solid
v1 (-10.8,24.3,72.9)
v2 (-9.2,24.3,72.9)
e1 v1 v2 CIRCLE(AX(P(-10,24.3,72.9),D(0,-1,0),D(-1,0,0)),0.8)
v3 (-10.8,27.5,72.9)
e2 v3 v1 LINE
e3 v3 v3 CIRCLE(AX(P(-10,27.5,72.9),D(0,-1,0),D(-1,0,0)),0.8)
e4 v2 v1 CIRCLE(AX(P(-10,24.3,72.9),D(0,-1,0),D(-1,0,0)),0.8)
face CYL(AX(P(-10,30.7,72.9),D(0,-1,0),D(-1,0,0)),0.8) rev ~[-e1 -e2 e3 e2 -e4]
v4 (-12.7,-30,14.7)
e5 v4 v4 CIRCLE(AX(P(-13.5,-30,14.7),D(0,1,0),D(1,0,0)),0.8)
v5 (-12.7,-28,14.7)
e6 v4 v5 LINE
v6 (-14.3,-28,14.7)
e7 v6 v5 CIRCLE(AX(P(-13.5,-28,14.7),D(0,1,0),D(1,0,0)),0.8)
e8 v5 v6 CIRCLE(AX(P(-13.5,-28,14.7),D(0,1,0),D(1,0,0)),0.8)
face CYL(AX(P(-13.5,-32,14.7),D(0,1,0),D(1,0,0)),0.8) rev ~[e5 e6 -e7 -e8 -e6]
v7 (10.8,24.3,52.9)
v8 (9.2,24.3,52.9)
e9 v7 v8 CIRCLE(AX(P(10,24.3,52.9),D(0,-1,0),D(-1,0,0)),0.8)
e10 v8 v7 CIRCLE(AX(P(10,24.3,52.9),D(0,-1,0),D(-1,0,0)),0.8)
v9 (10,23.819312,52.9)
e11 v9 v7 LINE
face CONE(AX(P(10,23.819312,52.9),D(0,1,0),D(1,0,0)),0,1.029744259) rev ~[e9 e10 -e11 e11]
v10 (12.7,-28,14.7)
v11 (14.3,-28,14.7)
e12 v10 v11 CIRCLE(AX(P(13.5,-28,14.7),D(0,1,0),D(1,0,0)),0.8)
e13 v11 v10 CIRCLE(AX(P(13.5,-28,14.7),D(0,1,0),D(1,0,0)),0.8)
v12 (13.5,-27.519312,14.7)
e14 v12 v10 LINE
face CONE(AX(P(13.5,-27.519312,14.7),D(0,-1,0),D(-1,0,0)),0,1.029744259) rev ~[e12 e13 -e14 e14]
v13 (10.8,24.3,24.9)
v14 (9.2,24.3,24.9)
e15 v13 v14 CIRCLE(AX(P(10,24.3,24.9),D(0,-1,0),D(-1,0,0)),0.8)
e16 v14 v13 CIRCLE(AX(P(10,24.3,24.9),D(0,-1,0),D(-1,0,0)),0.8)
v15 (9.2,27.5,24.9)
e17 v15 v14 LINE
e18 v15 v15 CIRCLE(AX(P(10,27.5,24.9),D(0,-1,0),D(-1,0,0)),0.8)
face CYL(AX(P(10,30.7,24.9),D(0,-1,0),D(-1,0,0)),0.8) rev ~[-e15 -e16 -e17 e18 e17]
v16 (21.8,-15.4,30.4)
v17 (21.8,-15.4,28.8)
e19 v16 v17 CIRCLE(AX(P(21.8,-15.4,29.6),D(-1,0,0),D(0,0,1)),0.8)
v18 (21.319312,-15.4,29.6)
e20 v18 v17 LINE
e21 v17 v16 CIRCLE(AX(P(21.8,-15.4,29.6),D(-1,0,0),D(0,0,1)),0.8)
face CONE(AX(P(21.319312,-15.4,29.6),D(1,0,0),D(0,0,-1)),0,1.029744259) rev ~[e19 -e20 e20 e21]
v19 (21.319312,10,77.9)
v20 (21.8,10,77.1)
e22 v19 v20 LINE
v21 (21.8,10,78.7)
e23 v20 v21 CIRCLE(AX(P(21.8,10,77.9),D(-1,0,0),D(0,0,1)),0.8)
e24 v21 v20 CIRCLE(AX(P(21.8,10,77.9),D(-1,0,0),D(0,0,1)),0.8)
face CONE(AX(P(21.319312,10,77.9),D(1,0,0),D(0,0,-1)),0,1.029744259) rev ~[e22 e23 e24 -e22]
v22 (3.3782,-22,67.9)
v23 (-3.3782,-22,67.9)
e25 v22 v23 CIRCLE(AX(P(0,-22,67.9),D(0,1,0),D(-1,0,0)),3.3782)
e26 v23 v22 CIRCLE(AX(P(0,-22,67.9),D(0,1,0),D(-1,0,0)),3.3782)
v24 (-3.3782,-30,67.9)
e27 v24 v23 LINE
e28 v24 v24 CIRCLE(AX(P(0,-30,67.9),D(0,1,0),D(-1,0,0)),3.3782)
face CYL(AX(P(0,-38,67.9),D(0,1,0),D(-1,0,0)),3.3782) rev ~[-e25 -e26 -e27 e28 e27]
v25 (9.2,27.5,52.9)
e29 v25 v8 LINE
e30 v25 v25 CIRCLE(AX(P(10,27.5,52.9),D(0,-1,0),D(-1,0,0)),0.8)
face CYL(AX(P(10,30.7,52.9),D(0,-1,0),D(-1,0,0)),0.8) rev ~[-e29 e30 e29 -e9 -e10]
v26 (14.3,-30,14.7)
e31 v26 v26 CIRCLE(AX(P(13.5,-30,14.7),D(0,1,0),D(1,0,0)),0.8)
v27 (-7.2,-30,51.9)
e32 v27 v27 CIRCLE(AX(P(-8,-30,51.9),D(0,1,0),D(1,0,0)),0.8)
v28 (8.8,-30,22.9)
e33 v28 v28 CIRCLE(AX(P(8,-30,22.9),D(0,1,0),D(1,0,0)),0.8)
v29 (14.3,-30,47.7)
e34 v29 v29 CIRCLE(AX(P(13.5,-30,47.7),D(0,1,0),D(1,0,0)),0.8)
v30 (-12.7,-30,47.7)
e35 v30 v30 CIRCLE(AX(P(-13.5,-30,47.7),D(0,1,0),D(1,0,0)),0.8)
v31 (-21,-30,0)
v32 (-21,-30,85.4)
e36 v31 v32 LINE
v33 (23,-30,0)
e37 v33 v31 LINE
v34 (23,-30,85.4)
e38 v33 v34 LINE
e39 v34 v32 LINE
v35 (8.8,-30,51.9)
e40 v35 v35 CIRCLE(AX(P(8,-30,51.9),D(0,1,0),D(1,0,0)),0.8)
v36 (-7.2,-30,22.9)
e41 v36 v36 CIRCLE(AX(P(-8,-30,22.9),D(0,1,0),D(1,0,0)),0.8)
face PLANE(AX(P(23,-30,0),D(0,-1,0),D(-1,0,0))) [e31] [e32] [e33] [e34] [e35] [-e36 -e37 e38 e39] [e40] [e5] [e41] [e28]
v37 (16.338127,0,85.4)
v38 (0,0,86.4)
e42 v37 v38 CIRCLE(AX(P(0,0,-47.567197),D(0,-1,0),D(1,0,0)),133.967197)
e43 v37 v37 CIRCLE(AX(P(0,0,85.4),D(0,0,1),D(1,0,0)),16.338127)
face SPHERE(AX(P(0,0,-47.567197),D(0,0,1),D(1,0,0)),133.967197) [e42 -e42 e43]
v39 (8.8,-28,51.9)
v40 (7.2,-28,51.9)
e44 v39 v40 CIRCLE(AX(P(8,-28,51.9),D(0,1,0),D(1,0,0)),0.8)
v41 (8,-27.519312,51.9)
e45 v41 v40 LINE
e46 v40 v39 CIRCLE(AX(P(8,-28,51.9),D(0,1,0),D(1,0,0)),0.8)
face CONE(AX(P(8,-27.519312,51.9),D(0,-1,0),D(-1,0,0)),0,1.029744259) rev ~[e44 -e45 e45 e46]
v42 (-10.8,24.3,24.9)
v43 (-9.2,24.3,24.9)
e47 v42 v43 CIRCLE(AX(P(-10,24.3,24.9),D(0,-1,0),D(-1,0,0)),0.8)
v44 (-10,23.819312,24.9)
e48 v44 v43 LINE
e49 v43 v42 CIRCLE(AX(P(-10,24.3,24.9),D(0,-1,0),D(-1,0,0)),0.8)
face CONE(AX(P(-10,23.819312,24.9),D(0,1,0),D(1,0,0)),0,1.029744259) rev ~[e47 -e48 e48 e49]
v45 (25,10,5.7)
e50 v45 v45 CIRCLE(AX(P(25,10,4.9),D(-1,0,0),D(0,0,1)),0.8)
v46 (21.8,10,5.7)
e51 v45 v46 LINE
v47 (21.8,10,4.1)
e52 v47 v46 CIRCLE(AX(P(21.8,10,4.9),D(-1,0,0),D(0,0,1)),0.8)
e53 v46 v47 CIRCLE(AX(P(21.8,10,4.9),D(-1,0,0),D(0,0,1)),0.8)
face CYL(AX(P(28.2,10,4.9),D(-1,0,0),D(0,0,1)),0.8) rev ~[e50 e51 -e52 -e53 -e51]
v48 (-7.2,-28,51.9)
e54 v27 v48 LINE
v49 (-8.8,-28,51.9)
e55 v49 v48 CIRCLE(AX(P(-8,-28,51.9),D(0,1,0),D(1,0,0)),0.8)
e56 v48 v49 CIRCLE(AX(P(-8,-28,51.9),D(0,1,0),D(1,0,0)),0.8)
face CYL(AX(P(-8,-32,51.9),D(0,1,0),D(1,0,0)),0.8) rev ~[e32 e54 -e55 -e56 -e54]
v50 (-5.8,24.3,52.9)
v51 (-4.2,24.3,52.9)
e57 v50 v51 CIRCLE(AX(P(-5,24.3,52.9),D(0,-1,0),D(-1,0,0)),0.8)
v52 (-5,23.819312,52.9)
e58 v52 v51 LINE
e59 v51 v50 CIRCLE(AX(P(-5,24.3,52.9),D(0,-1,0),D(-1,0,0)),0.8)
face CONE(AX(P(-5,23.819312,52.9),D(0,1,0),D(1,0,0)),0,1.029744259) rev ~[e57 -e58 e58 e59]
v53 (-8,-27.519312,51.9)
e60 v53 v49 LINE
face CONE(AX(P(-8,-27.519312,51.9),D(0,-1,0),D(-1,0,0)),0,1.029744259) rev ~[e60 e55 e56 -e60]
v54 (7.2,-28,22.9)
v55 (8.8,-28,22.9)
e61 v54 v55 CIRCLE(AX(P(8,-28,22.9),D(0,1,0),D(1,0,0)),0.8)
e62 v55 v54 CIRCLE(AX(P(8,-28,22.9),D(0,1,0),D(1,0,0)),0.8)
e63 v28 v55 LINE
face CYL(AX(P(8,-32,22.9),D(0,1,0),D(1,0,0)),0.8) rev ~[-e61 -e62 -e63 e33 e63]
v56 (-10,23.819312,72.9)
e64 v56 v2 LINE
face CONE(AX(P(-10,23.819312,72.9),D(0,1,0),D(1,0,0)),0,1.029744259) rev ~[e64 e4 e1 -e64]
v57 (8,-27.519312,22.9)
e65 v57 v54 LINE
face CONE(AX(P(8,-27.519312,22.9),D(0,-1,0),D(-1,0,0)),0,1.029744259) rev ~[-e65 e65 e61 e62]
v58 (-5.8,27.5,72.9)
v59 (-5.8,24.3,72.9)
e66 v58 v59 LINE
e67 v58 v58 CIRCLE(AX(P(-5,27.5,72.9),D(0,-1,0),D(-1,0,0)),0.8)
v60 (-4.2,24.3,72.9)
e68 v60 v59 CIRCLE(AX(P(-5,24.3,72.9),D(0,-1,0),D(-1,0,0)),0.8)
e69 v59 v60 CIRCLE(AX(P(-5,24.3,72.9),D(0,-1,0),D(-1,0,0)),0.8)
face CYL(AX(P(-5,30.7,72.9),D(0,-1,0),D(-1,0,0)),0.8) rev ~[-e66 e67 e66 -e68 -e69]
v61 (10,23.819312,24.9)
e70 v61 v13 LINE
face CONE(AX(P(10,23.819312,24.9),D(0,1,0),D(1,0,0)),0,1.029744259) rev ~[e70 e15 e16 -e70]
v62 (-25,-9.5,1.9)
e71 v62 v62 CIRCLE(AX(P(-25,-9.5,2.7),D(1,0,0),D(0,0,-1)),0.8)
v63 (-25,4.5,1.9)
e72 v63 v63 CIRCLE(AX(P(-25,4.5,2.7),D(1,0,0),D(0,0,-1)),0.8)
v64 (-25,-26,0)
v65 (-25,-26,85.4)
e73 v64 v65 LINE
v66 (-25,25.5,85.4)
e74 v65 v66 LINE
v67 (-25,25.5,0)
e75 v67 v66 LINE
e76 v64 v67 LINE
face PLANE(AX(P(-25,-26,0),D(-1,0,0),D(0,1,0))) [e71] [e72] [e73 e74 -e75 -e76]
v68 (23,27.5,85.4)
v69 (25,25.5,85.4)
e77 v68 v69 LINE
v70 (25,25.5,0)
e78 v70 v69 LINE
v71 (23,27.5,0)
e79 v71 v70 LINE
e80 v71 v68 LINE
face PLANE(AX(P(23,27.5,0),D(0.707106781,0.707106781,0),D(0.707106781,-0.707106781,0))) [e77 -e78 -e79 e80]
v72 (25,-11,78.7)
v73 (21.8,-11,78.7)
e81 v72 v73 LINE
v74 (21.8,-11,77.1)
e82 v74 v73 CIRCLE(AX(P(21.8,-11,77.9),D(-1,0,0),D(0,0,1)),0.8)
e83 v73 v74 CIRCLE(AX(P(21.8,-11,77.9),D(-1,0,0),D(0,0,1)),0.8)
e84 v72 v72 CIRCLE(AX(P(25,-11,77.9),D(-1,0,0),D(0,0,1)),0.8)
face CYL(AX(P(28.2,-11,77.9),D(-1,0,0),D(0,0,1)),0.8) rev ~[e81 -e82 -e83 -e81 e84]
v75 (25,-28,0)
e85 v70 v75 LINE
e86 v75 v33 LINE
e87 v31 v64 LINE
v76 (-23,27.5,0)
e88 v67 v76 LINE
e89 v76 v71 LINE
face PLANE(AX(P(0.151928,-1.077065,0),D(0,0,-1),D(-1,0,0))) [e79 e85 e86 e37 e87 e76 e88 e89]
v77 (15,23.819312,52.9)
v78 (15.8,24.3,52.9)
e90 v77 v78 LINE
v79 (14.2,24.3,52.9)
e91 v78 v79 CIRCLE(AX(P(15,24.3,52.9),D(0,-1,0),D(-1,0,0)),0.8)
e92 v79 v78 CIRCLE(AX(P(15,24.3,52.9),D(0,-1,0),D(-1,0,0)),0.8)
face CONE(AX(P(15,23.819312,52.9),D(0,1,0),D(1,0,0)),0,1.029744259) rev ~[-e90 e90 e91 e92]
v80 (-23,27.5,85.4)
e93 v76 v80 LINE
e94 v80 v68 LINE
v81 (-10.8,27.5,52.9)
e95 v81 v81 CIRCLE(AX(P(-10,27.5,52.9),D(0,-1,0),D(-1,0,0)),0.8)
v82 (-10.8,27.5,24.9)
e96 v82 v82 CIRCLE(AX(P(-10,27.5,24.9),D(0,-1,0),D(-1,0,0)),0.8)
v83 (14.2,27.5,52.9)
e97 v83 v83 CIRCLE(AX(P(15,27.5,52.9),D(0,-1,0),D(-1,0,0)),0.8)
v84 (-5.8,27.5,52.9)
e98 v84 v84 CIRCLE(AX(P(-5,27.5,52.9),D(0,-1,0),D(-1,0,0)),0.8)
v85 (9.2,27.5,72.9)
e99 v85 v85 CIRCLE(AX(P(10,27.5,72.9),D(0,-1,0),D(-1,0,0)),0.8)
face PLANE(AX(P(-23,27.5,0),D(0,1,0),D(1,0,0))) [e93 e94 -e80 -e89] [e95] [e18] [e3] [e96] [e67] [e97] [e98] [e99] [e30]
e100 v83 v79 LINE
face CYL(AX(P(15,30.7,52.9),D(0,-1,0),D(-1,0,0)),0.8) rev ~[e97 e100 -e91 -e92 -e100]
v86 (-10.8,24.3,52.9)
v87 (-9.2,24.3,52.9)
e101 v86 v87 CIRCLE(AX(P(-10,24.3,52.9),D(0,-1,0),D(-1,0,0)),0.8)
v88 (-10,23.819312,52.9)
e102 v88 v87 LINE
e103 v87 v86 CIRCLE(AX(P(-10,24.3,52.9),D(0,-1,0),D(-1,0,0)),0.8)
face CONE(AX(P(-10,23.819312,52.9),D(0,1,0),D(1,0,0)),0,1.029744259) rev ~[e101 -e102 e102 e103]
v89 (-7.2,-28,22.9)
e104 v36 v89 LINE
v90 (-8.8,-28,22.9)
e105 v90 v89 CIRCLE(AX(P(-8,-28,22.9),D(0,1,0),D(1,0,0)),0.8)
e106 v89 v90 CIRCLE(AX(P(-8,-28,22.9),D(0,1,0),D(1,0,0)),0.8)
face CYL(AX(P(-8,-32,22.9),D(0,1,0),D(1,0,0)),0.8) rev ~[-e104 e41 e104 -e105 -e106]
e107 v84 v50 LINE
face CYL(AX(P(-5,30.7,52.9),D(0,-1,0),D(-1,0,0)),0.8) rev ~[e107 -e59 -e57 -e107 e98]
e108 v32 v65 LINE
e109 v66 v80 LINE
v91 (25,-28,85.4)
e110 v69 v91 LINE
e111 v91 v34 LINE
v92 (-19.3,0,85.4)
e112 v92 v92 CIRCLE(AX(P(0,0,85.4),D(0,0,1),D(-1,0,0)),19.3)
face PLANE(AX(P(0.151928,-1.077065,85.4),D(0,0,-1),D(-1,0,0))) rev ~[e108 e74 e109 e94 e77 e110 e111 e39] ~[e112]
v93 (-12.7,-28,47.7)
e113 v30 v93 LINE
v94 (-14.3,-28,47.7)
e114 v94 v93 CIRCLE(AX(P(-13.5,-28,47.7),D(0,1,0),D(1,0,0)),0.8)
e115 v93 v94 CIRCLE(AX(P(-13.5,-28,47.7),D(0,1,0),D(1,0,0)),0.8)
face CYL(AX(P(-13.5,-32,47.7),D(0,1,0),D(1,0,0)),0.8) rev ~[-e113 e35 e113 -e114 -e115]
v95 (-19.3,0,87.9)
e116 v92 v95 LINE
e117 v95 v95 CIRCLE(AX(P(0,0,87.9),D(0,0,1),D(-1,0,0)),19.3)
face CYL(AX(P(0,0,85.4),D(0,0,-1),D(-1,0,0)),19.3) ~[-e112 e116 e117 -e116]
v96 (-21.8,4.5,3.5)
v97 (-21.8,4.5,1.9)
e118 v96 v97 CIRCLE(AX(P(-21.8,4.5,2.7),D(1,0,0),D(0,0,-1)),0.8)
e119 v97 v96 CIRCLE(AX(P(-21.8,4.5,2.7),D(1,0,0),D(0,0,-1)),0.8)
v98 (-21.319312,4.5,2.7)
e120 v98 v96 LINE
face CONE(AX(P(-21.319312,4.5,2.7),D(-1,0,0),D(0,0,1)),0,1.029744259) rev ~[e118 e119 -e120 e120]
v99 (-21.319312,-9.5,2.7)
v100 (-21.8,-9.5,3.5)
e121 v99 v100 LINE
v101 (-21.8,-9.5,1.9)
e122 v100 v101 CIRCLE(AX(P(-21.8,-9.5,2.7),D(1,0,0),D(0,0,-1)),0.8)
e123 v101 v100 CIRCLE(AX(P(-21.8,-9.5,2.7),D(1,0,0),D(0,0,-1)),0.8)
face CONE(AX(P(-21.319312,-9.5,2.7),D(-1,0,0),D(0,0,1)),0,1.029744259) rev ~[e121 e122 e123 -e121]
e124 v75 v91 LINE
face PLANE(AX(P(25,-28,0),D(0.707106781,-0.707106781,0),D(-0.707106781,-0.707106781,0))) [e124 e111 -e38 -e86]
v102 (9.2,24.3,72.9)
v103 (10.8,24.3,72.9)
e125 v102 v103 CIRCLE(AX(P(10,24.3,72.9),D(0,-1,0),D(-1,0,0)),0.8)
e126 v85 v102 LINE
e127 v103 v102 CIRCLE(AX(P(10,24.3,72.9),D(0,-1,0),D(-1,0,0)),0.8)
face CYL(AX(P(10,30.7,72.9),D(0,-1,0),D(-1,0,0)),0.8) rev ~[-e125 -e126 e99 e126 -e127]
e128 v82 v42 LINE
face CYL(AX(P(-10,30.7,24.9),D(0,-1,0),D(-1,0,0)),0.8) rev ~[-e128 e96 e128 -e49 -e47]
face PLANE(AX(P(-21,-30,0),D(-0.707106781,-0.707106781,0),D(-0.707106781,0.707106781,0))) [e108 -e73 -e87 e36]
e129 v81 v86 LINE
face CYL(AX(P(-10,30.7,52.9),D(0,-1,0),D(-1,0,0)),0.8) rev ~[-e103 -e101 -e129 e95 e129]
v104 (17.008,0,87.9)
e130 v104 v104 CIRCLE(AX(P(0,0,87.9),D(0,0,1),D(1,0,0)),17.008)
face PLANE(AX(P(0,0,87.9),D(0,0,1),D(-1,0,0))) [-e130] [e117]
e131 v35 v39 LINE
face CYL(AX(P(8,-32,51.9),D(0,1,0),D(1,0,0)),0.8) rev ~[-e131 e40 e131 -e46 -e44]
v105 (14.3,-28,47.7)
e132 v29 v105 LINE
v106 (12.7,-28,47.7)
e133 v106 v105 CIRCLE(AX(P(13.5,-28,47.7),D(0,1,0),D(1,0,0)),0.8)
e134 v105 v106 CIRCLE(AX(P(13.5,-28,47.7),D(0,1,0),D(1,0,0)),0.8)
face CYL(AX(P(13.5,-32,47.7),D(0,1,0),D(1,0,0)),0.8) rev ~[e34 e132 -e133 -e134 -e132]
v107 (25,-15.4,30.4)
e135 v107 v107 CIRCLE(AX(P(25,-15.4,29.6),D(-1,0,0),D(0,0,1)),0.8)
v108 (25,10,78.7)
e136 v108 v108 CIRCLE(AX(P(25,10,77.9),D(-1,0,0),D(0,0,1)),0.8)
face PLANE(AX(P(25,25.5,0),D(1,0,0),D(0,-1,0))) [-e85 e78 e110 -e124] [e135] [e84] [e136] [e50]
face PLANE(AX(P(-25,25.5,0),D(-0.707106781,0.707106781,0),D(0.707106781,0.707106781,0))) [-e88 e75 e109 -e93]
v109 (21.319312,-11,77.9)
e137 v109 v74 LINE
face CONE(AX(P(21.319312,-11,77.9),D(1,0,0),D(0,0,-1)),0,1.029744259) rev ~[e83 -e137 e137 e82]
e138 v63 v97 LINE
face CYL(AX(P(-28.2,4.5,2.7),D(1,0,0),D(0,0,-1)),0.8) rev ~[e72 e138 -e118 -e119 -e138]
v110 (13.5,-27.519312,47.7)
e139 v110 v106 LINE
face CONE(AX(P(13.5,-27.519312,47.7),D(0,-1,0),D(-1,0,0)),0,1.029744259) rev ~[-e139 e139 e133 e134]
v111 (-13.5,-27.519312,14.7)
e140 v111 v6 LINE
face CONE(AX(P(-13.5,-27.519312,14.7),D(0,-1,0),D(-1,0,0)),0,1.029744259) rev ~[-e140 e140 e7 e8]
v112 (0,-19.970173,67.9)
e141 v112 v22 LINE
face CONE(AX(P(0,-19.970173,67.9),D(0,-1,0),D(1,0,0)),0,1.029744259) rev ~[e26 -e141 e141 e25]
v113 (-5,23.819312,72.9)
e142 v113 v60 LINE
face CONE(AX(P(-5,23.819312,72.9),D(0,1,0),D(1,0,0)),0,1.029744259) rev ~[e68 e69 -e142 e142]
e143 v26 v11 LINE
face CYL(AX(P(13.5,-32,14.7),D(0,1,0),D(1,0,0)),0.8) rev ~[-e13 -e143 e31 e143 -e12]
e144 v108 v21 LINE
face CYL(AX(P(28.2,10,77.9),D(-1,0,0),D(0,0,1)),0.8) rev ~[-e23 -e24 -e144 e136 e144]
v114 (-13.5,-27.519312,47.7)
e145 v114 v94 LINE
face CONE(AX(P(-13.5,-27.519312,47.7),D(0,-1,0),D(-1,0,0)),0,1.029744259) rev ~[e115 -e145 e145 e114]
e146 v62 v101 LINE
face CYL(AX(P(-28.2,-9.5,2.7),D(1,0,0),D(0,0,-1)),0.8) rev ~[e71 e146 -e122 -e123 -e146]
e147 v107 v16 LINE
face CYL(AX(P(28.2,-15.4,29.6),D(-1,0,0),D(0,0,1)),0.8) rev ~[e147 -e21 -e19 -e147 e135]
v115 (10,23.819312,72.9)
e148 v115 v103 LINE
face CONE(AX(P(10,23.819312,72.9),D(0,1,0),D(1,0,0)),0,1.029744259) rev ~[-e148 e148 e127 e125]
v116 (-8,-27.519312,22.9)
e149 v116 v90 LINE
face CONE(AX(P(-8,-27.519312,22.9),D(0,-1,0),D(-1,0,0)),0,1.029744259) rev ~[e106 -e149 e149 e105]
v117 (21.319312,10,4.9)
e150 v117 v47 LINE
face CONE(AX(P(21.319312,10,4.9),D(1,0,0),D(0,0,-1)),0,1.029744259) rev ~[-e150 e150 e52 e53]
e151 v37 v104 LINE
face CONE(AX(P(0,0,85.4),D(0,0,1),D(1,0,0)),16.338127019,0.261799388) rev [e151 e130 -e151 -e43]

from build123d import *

# Parameters (mm, degrees)
BOSS_EXTRUDE1_DEPTH         = 85.399999968
SKETCH2_R                   = 19.3
SKETCH2_R_2                 = 17.008
BOSS_EXTRUDE2_DEPTH         = 2.5
DRAFT1_ANGLE                = 15
DOME1_FACE_RADIUS           = 16.338127019
DOME1_HEIGHT                = 1
F_1_4_CLEARANCE_HOLE1_D     = 6.7564
F_1_4_CLEARANCE_HOLE1_DEPTH = 8
F_1_4_CLEARANCE_HOLE1_TIP   = 2.029827343
M2X0_4_TAPPED_HOLE1_D       = 1.6
M2X0_4_TAPPED_HOLE1_DEPTH   = 2
M2X0_4_TAPPED_HOLE1_TIP     = 0.480688495
M2X0_4_TAPPED_HOLE2_D       = 1.6
M2X0_4_TAPPED_HOLE2_DEPTH   = 3.2
M2X0_4_TAPPED_HOLE2_TIP     = 0.480688495
M2X0_4_TAPPED_HOLE3_D       = 1.6
M2X0_4_TAPPED_HOLE3_DEPTH   = 3.2
M2X0_4_TAPPED_HOLE3_TIP     = 0.480688495
M2X0_4_TAPPED_HOLE4_D       = 1.6
M2X0_4_TAPPED_HOLE4_DEPTH   = 3.2
M2X0_4_TAPPED_HOLE4_TIP     = 0.480688495


with BuildPart() as part:
    # Sketch1 → Boss-Extrude1 (new body)
    with BuildSketch(Plane.XY):
        Polygon((-25, 25.5), (-23, 27.5), (23, 27.5), (25, 25.5), (25, -28), (23, -30), (-21, -30), (-25, -26), align=None)
    extrude(amount=BOSS_EXTRUDE1_DEPTH)

    # Sketch2 → Boss-Extrude2 (add)
    with BuildSketch(Plane.XY.offset(85.399999968)):
        with Locations(Location((0, 0, 0), (0, 0, 180))):
            Circle(SKETCH2_R)
        Circle(SKETCH2_R_2, mode=Mode.SUBTRACT)
    extrude(amount=BOSS_EXTRUDE2_DEPTH)

    # Draft1
    draft1_faces = [part.faces().sort_by_distance(p)[0] for p in [
        (-17.008, 0, 86.649999968),
    ]]
    draft(draft1_faces, Plane.XY.offset(87.899999968), DRAFT1_ANGLE)

    # Dome1: a dome of height H over a round flat face of radius A is a cap of a sphere of radius (A * A + H * H) / (2 * H)
    dome1_r = (DOME1_FACE_RADIUS * DOME1_FACE_RADIUS + DOME1_HEIGHT * DOME1_HEIGHT) / (2 * DOME1_HEIGHT)
    dome1_base = Plane((0, 0, 85.399999968), z_dir=(0, 0, 1))
    with Locations(dome1_base.offset(DOME1_HEIGHT - dome1_r)):
        dome1_ball = Sphere(dome1_r, mode=Mode.PRIVATE)
    add(split(dome1_ball, bisect_by=dome1_base, keep=Keep.TOP, mode=Mode.PRIVATE))

    # 1/4 Clearance Hole1
    with Locations(Plane.XZ.offset(30)):
        with Locations((0, 67.899999968)):
            Hole(F_1_4_CLEARANCE_HOLE1_D / 2, depth=F_1_4_CLEARANCE_HOLE1_DEPTH)
            with Locations((0, 0, -(F_1_4_CLEARANCE_HOLE1_DEPTH + F_1_4_CLEARANCE_HOLE1_TIP / 2))):  # 118° drill point
                Cone(0, F_1_4_CLEARANCE_HOLE1_D / 2, F_1_4_CLEARANCE_HOLE1_TIP, mode=Mode.SUBTRACT)

    # M2x0.4 Tapped Hole1
    with Locations(Plane(origin=(0, -30, 0), x_dir=(-1, 0, 0), z_dir=(0, -1, 0))):
        with Locations((-8, -51.899999968), (8, -51.899999968), (-8, -22.899999968), (8, -22.899999968), (13.5, -47.699999968), (-13.5, -47.699999968), (-13.5, -14.699999968), (13.5, -14.699999968)):
            Hole(M2X0_4_TAPPED_HOLE1_D / 2, depth=M2X0_4_TAPPED_HOLE1_DEPTH)
            with Locations((0, 0, -(M2X0_4_TAPPED_HOLE1_DEPTH + M2X0_4_TAPPED_HOLE1_TIP / 2))):  # 118° drill point
                Cone(0, M2X0_4_TAPPED_HOLE1_D / 2, M2X0_4_TAPPED_HOLE1_TIP, mode=Mode.SUBTRACT)

    # M2x0.4 Tapped Hole2
    with Locations(Plane(origin=(25, 0, 0), x_dir=(0, 0, -1), z_dir=(1, 0, 0))):
        with Locations((-77.899999968, 10), (-77.899999968, -11), (-4.899999968, 10), (-29.599999968, -15.4)):
            Hole(M2X0_4_TAPPED_HOLE2_D / 2, depth=M2X0_4_TAPPED_HOLE2_DEPTH)
            with Locations((0, 0, -(M2X0_4_TAPPED_HOLE2_DEPTH + M2X0_4_TAPPED_HOLE2_TIP / 2))):  # 118° drill point
                Cone(0, M2X0_4_TAPPED_HOLE2_D / 2, M2X0_4_TAPPED_HOLE2_TIP, mode=Mode.SUBTRACT)

    # M2x0.4 Tapped Hole3
    with Locations(Plane(origin=(0, 27.5, 0), x_dir=(1, 0, 0), z_dir=(0, 1, 0))):
        with Locations((-5, -72.899999968), (15, -52.899999968), (-5, -52.899999968), (-10, -72.899999968), (10, -72.899999968), (10, -52.899999968), (-10, -52.899999968), (-10, -24.899999968), (10, -24.899999968)):
            Hole(M2X0_4_TAPPED_HOLE3_D / 2, depth=M2X0_4_TAPPED_HOLE3_DEPTH)
            with Locations((0, 0, -(M2X0_4_TAPPED_HOLE3_DEPTH + M2X0_4_TAPPED_HOLE3_TIP / 2))):  # 118° drill point
                Cone(0, M2X0_4_TAPPED_HOLE3_D / 2, M2X0_4_TAPPED_HOLE3_TIP, mode=Mode.SUBTRACT)

    # M2x0.4 Tapped Hole4
    with Locations(Plane.ZY.offset(25)):
        with Locations((2.699999968, 4.5), (2.699999968, -9.5)):
            Hole(M2X0_4_TAPPED_HOLE4_D / 2, depth=M2X0_4_TAPPED_HOLE4_DEPTH)
            with Locations((0, 0, -(M2X0_4_TAPPED_HOLE4_DEPTH + M2X0_4_TAPPED_HOLE4_TIP / 2))):  # 118° drill point
                Cone(0, M2X0_4_TAPPED_HOLE4_D / 2, M2X0_4_TAPPED_HOLE4_TIP, mode=Mode.SUBTRACT)


solid = part.part
